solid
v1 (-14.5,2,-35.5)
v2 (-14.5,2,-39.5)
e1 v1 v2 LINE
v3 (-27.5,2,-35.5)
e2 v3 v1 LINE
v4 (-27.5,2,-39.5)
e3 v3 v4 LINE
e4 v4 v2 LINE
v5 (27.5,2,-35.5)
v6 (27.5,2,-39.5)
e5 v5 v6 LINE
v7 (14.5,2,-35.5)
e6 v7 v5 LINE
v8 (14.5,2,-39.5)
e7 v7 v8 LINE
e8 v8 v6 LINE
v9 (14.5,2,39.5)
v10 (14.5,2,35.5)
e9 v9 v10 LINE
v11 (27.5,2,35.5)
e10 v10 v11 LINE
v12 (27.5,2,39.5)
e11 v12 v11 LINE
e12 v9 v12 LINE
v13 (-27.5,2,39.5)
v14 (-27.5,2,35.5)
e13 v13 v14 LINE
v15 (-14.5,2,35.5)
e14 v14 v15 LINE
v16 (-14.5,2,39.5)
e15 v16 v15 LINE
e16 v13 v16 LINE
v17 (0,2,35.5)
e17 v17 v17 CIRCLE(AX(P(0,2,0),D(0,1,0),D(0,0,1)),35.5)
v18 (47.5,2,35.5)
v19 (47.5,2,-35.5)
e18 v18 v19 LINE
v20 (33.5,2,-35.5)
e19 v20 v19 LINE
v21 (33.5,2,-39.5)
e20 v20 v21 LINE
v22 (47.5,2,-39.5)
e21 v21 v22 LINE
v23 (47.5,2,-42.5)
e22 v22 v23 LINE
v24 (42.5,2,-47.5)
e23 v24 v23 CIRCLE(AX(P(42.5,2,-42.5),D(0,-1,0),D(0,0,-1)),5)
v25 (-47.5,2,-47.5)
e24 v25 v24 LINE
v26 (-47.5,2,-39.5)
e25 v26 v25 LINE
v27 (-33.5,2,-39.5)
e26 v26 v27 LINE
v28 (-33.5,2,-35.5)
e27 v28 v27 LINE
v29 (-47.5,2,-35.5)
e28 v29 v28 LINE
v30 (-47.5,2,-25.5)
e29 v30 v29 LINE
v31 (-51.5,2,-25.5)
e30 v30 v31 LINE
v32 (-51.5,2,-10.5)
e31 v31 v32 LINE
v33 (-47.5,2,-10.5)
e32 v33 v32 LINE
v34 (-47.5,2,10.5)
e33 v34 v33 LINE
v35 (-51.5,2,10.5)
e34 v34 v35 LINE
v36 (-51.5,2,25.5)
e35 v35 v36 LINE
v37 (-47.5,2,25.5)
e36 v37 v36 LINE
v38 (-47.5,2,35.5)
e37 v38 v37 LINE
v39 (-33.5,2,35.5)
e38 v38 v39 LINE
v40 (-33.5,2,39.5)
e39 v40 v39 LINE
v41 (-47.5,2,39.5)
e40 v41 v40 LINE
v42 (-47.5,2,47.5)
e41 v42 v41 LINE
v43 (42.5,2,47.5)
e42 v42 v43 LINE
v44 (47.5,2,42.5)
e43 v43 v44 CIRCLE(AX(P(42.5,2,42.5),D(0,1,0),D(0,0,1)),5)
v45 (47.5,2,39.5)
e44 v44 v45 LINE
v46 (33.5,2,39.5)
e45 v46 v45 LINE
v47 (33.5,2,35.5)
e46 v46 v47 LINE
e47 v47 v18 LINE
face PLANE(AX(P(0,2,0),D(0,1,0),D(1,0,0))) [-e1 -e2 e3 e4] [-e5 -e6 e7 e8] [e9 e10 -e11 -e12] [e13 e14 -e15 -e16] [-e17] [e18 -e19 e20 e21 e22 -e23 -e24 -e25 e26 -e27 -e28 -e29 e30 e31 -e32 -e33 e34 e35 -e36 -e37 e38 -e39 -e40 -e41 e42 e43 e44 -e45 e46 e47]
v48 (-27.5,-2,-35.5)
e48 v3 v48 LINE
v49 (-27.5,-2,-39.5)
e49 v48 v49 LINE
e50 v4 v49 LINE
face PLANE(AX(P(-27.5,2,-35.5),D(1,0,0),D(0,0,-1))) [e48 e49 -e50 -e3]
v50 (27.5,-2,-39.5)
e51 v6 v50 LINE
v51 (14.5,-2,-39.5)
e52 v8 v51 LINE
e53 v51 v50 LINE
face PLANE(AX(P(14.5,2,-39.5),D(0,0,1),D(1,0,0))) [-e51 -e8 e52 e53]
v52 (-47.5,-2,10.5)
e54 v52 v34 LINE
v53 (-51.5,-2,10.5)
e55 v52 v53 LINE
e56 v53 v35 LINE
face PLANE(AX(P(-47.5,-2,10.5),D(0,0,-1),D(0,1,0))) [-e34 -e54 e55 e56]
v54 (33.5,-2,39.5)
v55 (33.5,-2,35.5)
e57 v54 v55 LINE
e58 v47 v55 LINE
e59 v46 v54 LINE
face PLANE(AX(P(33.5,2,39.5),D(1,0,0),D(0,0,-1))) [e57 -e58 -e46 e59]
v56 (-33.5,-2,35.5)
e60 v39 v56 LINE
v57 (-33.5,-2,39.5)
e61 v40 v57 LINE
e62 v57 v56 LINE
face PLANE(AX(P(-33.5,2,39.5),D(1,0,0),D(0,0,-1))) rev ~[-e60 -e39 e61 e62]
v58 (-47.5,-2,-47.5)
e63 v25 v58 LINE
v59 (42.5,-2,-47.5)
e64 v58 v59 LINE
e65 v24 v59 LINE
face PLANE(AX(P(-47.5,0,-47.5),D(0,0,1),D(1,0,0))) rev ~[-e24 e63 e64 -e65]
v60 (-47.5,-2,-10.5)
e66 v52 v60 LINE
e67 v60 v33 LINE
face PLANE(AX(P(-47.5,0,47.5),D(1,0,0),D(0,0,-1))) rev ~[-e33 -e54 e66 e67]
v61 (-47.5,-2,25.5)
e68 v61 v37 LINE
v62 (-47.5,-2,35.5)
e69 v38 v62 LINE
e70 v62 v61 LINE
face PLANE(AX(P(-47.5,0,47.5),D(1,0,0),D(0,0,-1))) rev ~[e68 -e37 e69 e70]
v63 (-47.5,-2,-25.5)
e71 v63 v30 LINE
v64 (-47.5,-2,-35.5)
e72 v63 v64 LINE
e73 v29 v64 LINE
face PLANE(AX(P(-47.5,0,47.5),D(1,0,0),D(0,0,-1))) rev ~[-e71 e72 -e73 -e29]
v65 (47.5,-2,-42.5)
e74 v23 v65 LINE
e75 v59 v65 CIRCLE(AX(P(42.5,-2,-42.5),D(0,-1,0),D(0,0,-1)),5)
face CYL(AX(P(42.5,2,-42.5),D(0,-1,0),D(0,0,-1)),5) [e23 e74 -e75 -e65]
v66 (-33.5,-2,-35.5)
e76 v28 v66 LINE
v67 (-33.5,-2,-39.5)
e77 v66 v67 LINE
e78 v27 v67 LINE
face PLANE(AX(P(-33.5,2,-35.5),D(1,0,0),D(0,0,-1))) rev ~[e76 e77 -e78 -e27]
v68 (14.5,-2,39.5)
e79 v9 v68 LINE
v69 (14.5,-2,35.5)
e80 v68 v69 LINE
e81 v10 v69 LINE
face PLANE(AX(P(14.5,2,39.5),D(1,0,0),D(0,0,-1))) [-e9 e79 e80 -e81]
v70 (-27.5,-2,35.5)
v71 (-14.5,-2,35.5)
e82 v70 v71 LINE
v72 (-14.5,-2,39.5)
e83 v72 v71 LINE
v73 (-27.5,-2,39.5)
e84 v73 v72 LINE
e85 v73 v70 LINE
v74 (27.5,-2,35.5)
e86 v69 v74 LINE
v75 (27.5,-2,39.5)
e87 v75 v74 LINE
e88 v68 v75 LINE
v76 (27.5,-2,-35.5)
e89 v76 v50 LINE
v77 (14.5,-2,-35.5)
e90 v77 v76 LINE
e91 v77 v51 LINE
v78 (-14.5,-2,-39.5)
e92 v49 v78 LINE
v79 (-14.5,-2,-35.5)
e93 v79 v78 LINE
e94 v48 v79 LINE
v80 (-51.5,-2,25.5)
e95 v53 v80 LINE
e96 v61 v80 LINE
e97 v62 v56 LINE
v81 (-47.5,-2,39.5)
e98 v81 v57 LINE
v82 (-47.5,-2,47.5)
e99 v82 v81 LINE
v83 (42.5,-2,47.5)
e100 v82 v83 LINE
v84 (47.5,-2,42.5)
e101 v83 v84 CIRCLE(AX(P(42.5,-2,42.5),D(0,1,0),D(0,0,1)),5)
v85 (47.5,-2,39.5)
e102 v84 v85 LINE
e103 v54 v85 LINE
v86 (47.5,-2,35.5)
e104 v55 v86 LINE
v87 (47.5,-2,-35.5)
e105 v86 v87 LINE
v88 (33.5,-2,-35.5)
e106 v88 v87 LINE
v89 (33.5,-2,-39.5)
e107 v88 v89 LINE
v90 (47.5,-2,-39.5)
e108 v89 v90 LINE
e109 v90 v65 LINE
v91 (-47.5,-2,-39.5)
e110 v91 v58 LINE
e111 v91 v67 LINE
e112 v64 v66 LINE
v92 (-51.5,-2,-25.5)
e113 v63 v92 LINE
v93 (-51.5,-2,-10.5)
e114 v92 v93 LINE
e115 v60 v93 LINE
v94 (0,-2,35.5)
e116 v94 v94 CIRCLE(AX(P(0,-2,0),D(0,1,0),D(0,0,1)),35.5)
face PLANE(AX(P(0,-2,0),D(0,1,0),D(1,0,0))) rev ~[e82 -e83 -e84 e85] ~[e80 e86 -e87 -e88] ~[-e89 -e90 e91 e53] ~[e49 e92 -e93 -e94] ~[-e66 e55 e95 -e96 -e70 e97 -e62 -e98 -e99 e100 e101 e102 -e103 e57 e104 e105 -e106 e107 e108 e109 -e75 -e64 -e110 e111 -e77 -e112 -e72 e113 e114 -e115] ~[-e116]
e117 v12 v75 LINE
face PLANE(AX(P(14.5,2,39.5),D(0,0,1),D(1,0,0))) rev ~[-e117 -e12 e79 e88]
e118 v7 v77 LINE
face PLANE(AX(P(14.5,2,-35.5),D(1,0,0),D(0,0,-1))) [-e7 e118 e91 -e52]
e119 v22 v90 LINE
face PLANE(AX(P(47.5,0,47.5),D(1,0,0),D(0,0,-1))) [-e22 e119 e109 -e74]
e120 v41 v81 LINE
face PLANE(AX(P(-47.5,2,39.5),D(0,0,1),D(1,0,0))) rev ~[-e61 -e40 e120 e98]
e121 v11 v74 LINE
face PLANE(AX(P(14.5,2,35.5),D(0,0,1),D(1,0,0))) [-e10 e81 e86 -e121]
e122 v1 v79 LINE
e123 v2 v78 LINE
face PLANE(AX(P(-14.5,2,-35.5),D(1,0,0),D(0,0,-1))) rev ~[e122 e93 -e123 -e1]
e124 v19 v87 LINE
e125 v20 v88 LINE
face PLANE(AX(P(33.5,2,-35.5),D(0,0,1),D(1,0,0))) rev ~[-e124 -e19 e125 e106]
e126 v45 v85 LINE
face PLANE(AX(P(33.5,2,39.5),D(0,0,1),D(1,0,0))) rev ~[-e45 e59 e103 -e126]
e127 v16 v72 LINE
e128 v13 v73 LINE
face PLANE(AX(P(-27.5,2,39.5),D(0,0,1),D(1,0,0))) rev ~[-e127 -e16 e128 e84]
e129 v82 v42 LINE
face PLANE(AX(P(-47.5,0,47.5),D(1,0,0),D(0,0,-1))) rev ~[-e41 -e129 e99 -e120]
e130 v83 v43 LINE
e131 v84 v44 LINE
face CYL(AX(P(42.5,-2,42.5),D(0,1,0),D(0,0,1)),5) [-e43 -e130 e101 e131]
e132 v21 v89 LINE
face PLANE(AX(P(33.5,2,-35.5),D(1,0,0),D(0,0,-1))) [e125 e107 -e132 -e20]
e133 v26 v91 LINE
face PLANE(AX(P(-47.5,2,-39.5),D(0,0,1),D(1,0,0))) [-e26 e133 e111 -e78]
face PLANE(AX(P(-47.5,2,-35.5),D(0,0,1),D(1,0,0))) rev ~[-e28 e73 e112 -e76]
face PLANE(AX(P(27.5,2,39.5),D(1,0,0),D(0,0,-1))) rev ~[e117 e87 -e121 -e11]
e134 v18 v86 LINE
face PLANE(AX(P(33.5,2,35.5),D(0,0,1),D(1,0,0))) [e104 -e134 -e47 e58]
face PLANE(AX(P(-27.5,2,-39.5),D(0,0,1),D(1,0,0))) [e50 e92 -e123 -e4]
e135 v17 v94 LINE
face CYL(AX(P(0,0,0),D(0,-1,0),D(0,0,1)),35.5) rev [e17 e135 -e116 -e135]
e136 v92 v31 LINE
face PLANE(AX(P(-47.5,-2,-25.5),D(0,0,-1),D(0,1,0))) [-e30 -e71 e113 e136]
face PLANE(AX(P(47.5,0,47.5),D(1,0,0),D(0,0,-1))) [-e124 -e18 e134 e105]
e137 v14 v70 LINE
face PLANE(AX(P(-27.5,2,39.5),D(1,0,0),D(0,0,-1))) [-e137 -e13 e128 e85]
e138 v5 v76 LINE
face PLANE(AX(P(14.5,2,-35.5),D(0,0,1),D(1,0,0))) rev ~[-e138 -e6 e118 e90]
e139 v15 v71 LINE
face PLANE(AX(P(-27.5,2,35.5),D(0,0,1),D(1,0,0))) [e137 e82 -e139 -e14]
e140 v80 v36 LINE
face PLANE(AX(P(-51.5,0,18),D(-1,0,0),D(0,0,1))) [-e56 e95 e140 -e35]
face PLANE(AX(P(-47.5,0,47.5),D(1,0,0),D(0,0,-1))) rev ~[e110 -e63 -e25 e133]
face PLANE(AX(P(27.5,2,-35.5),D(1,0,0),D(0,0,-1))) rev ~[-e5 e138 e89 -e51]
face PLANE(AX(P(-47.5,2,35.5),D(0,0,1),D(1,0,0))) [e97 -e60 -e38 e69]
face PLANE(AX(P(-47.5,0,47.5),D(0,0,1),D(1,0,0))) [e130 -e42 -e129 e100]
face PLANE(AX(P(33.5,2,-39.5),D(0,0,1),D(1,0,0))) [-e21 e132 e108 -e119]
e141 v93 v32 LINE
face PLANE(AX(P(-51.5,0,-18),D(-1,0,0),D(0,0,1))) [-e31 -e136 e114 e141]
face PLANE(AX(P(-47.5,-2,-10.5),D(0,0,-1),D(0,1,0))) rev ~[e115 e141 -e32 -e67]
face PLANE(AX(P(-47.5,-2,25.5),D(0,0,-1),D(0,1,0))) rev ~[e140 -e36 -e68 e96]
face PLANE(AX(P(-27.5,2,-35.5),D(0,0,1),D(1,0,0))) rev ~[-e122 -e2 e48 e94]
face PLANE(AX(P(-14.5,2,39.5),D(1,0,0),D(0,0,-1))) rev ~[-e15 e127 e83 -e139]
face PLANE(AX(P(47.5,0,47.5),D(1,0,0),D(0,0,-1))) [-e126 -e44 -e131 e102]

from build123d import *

# Parameters (mm, degrees)
SKETCH1_W           = 95
SKETCH1_H           = 95
SKETCH1_R           = 35.5
BOSS_EXTRUDE1_DEPTH = 2
SKETCH3_W           = 14
SKETCH3_H           = 4
SKETCH3_W_2         = 13
CUT_EXTRUDE5_DEPTH  = 68.294130502
SKETCH4_W           = 15
SKETCH4_H           = 4
BOSS_EXTRUDE2_DEPTH = 4
FILLET1_R           = 5


with BuildPart() as part:
    # Sketch1 → Boss-Extrude1 (new, symmetric)
    with BuildSketch(Plane(origin=(0, 0, 0), x_dir=(1, 0, 0), z_dir=(0, 1, 0))):
        Rectangle(SKETCH1_W, SKETCH1_H)
        Circle(SKETCH1_R, mode=Mode.SUBTRACT)
    extrude(amount=BOSS_EXTRUDE1_DEPTH, both=True)

    # Sketch3 → Cut-Extrude5 (cut, through all)
    with BuildSketch(Plane(origin=(0, 2, 0), x_dir=(1, 0, 0), z_dir=(0, 1, 0))):
        with Locations((-40.5, -37.5)):
            Rectangle(SKETCH3_W, SKETCH3_H)
        with Locations((-40.5, 37.5)):
            Rectangle(SKETCH3_W, SKETCH3_H)
        with Locations((21, 37.5)):
            Rectangle(SKETCH3_W_2, SKETCH3_H)
        with Locations((40.5, -37.5)):
            Rectangle(SKETCH3_W, SKETCH3_H)
        with Locations((40.5, 37.5)):
            Rectangle(SKETCH3_W, SKETCH3_H)
        with Locations((21, -37.5)):
            Rectangle(SKETCH3_W_2, SKETCH3_H)
        with Locations((-21, -37.5)):
            Rectangle(SKETCH3_W_2, SKETCH3_H)
        with Locations((-21, 37.5)):
            Rectangle(SKETCH3_W_2, SKETCH3_H)
    extrude(amount=-CUT_EXTRUDE5_DEPTH, mode=Mode.SUBTRACT)

    # Sketch4 → Boss-Extrude2 (add)
    with BuildSketch(Plane.ZY.offset(47.5)):
        with Locations((-18, 0)):
            Rectangle(SKETCH4_W, SKETCH4_H)
        with Locations((18, 0)):
            Rectangle(SKETCH4_W, SKETCH4_H)
    extrude(amount=BOSS_EXTRUDE2_DEPTH)

    # Fillet1
    fillet1_edges = [part.edges().sort_by_distance(p)[0] for p in [
        (47.5, 0, -47.5),
        (47.5, 0, 47.5),
    ]]
    fillet(fillet1_edges, radius=FILLET1_R)


solid = part.part
